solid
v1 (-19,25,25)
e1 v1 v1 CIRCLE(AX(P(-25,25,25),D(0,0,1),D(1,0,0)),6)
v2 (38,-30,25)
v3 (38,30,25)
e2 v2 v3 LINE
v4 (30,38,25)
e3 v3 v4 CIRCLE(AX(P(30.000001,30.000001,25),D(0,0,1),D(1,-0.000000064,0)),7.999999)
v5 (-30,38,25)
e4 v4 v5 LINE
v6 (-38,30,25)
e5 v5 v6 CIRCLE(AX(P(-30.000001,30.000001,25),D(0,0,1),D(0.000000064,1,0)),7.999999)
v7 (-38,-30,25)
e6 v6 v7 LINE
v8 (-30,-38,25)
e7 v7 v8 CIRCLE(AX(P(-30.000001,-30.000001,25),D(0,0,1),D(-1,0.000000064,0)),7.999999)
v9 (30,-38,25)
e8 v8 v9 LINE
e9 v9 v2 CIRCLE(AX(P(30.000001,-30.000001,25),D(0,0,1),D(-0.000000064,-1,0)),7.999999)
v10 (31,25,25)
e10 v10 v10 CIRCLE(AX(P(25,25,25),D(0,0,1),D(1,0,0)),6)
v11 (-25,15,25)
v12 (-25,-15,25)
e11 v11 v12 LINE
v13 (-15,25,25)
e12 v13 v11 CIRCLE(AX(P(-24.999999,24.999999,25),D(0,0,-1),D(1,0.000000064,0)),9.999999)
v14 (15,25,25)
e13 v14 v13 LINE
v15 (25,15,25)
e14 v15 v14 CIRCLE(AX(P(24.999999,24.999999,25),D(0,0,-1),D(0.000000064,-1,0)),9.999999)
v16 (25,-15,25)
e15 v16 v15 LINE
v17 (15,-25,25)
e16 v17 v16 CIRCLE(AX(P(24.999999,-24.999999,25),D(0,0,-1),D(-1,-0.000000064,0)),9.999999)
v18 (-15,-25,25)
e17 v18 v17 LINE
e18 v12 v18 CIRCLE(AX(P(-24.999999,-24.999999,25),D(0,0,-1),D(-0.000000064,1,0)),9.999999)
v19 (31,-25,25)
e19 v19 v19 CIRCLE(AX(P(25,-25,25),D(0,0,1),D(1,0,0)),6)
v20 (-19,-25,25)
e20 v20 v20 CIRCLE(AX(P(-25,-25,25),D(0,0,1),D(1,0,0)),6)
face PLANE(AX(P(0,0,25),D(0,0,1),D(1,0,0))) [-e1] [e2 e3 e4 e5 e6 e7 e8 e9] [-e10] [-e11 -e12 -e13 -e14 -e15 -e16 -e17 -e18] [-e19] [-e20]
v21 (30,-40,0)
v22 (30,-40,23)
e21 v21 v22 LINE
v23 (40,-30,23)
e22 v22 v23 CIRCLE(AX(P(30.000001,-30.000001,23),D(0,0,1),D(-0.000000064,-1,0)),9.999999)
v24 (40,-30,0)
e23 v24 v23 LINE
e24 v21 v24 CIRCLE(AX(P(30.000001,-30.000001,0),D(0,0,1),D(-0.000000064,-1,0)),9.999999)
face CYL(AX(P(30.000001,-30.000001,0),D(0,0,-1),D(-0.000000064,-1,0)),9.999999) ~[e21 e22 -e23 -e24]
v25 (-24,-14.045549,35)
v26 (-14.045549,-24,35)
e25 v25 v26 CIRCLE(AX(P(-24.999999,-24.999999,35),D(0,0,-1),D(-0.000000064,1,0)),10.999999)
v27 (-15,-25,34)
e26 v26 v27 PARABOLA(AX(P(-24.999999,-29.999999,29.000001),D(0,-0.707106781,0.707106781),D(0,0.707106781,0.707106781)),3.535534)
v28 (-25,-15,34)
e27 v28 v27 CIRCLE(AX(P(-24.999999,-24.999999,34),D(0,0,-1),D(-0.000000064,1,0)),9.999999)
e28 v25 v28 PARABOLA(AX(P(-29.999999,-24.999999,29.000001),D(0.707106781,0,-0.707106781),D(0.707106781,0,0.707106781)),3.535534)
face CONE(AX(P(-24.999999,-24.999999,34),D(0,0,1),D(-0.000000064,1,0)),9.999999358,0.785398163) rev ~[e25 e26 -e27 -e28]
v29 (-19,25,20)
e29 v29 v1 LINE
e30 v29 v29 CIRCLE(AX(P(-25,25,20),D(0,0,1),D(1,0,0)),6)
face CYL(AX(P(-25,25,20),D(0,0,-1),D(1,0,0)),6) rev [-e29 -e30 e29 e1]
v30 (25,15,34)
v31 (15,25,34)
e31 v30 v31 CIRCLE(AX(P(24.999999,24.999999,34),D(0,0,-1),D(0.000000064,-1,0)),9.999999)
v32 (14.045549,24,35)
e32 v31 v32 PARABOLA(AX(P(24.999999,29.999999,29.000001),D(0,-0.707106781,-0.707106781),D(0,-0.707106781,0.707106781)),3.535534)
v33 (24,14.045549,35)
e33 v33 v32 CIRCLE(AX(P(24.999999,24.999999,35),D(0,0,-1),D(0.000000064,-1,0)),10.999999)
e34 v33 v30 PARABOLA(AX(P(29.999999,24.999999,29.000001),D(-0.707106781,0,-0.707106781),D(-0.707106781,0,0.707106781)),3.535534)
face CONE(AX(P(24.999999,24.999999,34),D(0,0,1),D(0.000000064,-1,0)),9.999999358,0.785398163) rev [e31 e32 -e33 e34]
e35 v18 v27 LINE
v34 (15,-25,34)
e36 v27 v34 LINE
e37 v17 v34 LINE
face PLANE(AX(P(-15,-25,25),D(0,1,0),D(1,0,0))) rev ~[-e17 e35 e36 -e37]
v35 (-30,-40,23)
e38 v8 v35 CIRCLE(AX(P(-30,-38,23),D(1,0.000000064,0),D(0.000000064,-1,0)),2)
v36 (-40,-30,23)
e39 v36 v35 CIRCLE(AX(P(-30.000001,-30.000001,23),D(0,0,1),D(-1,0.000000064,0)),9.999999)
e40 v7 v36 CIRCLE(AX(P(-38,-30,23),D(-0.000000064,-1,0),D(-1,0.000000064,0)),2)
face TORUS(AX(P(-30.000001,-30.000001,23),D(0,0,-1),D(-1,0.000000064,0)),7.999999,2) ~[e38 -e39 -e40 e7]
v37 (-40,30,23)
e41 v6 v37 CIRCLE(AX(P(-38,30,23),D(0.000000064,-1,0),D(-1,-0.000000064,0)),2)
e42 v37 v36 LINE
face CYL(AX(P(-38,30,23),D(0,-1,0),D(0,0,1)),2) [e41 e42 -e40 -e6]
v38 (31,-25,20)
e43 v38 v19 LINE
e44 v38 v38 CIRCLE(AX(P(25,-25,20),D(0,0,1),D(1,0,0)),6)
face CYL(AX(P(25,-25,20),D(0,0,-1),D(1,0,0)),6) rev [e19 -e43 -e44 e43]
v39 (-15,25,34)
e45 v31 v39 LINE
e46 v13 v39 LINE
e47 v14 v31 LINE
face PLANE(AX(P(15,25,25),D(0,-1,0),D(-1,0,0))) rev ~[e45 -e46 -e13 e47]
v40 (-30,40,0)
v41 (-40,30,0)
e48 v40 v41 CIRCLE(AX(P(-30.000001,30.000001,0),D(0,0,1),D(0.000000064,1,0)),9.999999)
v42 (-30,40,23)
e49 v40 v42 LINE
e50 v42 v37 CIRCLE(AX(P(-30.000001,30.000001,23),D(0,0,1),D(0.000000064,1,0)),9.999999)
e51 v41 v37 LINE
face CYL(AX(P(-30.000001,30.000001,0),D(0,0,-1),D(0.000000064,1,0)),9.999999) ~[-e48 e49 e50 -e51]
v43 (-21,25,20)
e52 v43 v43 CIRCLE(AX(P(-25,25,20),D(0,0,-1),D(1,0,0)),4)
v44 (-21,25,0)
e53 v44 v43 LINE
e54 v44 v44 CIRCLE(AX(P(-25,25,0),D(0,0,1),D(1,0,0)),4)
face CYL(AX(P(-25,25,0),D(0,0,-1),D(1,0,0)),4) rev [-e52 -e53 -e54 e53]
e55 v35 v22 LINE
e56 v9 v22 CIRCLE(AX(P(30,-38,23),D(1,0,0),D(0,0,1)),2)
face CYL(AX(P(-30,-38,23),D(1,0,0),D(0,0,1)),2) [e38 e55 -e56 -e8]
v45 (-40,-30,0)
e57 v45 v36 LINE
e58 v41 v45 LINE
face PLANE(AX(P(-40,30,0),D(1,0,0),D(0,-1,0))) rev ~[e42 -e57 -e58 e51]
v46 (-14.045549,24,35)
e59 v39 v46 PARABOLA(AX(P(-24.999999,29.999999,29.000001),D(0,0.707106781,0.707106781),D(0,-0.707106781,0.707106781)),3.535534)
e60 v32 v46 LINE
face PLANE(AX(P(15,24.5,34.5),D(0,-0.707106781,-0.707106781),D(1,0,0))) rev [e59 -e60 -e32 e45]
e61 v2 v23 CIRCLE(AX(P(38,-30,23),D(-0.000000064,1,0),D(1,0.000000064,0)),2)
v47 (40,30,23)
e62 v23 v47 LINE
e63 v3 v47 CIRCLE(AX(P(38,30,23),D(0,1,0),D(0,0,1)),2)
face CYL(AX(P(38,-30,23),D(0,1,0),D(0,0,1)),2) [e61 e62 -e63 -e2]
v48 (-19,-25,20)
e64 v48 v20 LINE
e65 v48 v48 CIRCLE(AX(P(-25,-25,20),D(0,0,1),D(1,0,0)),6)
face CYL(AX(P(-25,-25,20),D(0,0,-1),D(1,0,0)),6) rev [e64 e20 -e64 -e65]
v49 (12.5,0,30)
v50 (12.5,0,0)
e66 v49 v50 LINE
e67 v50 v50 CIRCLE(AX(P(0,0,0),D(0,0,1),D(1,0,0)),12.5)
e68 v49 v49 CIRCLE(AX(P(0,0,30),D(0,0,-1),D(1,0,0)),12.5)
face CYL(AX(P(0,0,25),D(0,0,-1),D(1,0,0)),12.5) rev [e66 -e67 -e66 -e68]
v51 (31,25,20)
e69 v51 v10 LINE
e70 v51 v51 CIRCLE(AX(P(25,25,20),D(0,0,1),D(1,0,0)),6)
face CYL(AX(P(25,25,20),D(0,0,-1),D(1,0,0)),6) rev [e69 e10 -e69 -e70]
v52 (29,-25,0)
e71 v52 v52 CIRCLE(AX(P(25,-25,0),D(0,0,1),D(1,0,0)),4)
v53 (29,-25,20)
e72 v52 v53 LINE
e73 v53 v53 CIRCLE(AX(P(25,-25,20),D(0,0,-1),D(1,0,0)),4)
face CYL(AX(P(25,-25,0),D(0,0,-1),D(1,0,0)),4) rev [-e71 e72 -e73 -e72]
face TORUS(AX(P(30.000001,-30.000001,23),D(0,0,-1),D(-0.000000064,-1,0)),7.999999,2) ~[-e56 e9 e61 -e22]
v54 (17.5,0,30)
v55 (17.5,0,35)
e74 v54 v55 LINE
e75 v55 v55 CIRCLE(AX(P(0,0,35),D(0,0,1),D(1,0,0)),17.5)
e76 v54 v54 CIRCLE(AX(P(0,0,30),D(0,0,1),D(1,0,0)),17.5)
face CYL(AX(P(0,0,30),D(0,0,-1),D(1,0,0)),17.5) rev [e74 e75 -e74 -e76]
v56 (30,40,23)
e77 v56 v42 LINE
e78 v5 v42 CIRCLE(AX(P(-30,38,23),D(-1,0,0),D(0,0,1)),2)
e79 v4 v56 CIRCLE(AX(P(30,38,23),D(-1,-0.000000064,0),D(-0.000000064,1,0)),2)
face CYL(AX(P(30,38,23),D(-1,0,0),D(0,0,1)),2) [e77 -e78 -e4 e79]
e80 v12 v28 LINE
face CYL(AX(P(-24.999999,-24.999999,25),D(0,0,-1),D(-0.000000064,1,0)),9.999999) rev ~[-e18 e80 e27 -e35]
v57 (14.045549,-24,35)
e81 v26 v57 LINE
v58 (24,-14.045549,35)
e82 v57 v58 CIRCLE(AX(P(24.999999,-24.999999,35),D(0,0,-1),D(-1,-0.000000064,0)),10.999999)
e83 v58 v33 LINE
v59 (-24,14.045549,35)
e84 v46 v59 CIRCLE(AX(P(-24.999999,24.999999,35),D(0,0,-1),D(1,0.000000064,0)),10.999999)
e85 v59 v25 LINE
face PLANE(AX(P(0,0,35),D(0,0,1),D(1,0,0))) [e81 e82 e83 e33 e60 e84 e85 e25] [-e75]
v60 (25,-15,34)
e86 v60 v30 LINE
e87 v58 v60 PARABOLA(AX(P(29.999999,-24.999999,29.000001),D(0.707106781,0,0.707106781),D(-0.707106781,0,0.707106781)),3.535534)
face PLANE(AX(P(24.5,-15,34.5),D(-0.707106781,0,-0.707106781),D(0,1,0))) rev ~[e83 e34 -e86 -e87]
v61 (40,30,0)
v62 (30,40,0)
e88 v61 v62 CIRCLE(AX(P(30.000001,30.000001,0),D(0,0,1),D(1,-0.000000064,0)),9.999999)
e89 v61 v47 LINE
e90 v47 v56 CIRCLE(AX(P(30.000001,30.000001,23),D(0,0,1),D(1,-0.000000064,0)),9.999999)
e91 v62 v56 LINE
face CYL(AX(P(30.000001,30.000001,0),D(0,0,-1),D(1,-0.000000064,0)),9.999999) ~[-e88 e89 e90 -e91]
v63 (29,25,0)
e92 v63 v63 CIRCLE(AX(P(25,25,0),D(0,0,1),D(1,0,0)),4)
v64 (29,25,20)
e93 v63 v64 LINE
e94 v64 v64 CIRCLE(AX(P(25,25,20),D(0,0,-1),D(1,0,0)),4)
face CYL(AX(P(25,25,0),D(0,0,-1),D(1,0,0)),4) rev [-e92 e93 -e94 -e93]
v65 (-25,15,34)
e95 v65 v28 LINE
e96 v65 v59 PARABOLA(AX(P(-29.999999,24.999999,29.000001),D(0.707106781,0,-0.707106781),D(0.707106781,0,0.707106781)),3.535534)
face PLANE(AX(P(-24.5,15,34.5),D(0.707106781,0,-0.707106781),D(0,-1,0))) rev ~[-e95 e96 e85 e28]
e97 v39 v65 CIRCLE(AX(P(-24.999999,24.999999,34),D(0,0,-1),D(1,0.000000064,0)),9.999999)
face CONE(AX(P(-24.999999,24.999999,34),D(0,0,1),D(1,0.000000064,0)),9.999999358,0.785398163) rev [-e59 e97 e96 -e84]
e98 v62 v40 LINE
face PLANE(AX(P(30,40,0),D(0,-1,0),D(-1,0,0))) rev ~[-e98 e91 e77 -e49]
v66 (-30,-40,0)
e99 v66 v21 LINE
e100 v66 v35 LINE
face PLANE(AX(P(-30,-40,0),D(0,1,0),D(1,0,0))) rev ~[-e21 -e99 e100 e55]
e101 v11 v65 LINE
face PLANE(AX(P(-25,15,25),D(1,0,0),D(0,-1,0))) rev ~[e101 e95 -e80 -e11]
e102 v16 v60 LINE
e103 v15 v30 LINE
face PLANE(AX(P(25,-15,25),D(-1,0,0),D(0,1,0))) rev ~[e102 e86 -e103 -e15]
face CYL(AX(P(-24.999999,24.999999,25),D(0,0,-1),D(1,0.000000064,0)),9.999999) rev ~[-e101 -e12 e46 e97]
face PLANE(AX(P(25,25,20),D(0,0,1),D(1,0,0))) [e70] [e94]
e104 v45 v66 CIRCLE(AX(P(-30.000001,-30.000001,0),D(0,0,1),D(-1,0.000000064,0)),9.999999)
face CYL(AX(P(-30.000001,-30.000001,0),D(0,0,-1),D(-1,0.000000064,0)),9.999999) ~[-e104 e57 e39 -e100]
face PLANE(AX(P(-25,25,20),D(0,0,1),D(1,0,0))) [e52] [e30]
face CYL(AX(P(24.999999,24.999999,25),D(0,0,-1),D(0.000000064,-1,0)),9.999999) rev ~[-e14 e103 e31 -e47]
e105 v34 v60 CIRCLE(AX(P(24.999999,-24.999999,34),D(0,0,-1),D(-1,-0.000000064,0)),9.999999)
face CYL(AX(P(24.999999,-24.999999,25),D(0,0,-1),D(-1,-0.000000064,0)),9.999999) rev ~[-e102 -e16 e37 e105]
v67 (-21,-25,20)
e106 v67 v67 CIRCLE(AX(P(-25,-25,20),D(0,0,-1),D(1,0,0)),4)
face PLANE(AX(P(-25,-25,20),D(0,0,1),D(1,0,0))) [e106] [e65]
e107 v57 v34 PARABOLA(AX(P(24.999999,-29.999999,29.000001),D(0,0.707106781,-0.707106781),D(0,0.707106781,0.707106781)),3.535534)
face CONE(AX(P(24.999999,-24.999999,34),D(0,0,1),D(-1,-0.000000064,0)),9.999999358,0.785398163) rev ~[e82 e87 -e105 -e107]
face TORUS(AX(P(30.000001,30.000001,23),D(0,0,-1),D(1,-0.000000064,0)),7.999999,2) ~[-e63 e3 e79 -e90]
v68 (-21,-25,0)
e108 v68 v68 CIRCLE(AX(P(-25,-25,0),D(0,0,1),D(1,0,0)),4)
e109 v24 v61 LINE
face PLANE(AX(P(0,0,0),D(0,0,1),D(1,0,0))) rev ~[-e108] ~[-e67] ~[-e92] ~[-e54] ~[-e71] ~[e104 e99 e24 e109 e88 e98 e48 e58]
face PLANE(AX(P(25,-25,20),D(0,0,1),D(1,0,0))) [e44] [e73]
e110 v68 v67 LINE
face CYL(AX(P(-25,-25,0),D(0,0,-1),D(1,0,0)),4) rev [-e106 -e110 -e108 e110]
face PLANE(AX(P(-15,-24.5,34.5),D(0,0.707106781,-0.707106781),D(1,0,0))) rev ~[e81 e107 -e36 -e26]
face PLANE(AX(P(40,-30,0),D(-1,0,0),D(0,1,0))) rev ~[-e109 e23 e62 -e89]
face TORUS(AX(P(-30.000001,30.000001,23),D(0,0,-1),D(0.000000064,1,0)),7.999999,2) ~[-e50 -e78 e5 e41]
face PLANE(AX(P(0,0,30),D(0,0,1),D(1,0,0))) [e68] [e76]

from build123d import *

# Parameters (mm, degrees)
F3_R      = 4
F3_R_2    = 12.5
F7_DEPTH  = 25
F4_R      = 12.5
F8_DEPTH  = 10
F5_R      = 17.5
F9_DEPTH  = 5
F6_R      = 6
F10_DEPTH = 5
F11_SIZE  = 1
F12_R     = 2


with BuildPart() as f7:
    # F3 (on Top) → F7 (new body)
    with BuildSketch(Plane.XY):
        with BuildLine():
            Line((30, 40), (-30, 40))
            ThreePointArc((-30, 40), (-37.071068, 37.071068), (-40, 30))
            Line((-40, 30), (-40, -30))
            ThreePointArc((-40, -30), (-37.071068, -37.071068), (-30, -40))
            Line((-30, -40), (30, -40))
            ThreePointArc((30, -40), (37.071068, -37.071068), (40, -30))
            Line((40, -30), (40, 30))
            ThreePointArc((40, 30), (37.071068, 37.071068), (30, 40))
        make_face()
        with Locations((-25, -25)):
            Circle(F3_R, mode=Mode.SUBTRACT)
        with Locations((25, -25)):
            Circle(F3_R, mode=Mode.SUBTRACT)
        with Locations((-25, 25)):
            Circle(F3_R, mode=Mode.SUBTRACT)
        Circle(F3_R_2, mode=Mode.SUBTRACT)
        with Locations((25, 25)):
            Circle(F3_R, mode=Mode.SUBTRACT)
    extrude(amount=F7_DEPTH)

    # F4 (on offset) → F8 (join)
    with BuildSketch(Plane.XY.offset(25)):
        with BuildLine():
            Line((15, 25), (-15, 25))
            ThreePointArc((-15, 25), (-17.928932, 17.928932), (-25, 15))
            Line((-25, 15), (-25, -15))
            ThreePointArc((-25, -15), (-17.928932, -17.928932), (-15, -25))
            Line((-15, -25), (15, -25))
            ThreePointArc((15, -25), (17.928932, -17.928932), (25, -15))
            Line((25, -15), (25, 15))
            ThreePointArc((25, 15), (17.928932, 17.928932), (15, 25))
        make_face()
        Circle(F4_R, mode=Mode.SUBTRACT)
    extrude(amount=F8_DEPTH)

    # F5 (on offset) → F9 (cut)
    with BuildSketch(Plane.XY.offset(30)):
        Circle(F5_R)
    extrude(amount=F9_DEPTH, mode=Mode.SUBTRACT)

    # F6 (on offset) → F10 (cut)
    with BuildSketch(Plane.XY.offset(20)):
        with Locations((-25, 25)):
            Circle(F6_R)
        with Locations((25, 25)):
            Circle(F6_R)
        with Locations((25, -25)):
            Circle(F6_R)
        with Locations((-25, -25)):
            Circle(F6_R)
    extrude(amount=F10_DEPTH, mode=Mode.SUBTRACT)

    # F11
    f11_edges = [f7.edges().sort_by_distance(p)[0] for p in [
        (-17.928932, 17.928932, 35),
        (-25, 0, 35),
        (-17.928932, -17.928932, 35),
        (0, -25, 35),
        (17.928932, -17.928932, 35),
        (25, 0, 35),
        (17.928932, 17.928932, 35),
        (0, 25, 35),
    ]]
    chamfer(f11_edges, length=F11_SIZE)

    # F12
    f12_edges = [f7.edges().sort_by_distance(p)[0] for p in [
        (-37.071068, -37.071068, 25),
        (-40, 0, 25),
    ]]
    fillet(f12_edges, radius=F12_R)


solid = f7.part
